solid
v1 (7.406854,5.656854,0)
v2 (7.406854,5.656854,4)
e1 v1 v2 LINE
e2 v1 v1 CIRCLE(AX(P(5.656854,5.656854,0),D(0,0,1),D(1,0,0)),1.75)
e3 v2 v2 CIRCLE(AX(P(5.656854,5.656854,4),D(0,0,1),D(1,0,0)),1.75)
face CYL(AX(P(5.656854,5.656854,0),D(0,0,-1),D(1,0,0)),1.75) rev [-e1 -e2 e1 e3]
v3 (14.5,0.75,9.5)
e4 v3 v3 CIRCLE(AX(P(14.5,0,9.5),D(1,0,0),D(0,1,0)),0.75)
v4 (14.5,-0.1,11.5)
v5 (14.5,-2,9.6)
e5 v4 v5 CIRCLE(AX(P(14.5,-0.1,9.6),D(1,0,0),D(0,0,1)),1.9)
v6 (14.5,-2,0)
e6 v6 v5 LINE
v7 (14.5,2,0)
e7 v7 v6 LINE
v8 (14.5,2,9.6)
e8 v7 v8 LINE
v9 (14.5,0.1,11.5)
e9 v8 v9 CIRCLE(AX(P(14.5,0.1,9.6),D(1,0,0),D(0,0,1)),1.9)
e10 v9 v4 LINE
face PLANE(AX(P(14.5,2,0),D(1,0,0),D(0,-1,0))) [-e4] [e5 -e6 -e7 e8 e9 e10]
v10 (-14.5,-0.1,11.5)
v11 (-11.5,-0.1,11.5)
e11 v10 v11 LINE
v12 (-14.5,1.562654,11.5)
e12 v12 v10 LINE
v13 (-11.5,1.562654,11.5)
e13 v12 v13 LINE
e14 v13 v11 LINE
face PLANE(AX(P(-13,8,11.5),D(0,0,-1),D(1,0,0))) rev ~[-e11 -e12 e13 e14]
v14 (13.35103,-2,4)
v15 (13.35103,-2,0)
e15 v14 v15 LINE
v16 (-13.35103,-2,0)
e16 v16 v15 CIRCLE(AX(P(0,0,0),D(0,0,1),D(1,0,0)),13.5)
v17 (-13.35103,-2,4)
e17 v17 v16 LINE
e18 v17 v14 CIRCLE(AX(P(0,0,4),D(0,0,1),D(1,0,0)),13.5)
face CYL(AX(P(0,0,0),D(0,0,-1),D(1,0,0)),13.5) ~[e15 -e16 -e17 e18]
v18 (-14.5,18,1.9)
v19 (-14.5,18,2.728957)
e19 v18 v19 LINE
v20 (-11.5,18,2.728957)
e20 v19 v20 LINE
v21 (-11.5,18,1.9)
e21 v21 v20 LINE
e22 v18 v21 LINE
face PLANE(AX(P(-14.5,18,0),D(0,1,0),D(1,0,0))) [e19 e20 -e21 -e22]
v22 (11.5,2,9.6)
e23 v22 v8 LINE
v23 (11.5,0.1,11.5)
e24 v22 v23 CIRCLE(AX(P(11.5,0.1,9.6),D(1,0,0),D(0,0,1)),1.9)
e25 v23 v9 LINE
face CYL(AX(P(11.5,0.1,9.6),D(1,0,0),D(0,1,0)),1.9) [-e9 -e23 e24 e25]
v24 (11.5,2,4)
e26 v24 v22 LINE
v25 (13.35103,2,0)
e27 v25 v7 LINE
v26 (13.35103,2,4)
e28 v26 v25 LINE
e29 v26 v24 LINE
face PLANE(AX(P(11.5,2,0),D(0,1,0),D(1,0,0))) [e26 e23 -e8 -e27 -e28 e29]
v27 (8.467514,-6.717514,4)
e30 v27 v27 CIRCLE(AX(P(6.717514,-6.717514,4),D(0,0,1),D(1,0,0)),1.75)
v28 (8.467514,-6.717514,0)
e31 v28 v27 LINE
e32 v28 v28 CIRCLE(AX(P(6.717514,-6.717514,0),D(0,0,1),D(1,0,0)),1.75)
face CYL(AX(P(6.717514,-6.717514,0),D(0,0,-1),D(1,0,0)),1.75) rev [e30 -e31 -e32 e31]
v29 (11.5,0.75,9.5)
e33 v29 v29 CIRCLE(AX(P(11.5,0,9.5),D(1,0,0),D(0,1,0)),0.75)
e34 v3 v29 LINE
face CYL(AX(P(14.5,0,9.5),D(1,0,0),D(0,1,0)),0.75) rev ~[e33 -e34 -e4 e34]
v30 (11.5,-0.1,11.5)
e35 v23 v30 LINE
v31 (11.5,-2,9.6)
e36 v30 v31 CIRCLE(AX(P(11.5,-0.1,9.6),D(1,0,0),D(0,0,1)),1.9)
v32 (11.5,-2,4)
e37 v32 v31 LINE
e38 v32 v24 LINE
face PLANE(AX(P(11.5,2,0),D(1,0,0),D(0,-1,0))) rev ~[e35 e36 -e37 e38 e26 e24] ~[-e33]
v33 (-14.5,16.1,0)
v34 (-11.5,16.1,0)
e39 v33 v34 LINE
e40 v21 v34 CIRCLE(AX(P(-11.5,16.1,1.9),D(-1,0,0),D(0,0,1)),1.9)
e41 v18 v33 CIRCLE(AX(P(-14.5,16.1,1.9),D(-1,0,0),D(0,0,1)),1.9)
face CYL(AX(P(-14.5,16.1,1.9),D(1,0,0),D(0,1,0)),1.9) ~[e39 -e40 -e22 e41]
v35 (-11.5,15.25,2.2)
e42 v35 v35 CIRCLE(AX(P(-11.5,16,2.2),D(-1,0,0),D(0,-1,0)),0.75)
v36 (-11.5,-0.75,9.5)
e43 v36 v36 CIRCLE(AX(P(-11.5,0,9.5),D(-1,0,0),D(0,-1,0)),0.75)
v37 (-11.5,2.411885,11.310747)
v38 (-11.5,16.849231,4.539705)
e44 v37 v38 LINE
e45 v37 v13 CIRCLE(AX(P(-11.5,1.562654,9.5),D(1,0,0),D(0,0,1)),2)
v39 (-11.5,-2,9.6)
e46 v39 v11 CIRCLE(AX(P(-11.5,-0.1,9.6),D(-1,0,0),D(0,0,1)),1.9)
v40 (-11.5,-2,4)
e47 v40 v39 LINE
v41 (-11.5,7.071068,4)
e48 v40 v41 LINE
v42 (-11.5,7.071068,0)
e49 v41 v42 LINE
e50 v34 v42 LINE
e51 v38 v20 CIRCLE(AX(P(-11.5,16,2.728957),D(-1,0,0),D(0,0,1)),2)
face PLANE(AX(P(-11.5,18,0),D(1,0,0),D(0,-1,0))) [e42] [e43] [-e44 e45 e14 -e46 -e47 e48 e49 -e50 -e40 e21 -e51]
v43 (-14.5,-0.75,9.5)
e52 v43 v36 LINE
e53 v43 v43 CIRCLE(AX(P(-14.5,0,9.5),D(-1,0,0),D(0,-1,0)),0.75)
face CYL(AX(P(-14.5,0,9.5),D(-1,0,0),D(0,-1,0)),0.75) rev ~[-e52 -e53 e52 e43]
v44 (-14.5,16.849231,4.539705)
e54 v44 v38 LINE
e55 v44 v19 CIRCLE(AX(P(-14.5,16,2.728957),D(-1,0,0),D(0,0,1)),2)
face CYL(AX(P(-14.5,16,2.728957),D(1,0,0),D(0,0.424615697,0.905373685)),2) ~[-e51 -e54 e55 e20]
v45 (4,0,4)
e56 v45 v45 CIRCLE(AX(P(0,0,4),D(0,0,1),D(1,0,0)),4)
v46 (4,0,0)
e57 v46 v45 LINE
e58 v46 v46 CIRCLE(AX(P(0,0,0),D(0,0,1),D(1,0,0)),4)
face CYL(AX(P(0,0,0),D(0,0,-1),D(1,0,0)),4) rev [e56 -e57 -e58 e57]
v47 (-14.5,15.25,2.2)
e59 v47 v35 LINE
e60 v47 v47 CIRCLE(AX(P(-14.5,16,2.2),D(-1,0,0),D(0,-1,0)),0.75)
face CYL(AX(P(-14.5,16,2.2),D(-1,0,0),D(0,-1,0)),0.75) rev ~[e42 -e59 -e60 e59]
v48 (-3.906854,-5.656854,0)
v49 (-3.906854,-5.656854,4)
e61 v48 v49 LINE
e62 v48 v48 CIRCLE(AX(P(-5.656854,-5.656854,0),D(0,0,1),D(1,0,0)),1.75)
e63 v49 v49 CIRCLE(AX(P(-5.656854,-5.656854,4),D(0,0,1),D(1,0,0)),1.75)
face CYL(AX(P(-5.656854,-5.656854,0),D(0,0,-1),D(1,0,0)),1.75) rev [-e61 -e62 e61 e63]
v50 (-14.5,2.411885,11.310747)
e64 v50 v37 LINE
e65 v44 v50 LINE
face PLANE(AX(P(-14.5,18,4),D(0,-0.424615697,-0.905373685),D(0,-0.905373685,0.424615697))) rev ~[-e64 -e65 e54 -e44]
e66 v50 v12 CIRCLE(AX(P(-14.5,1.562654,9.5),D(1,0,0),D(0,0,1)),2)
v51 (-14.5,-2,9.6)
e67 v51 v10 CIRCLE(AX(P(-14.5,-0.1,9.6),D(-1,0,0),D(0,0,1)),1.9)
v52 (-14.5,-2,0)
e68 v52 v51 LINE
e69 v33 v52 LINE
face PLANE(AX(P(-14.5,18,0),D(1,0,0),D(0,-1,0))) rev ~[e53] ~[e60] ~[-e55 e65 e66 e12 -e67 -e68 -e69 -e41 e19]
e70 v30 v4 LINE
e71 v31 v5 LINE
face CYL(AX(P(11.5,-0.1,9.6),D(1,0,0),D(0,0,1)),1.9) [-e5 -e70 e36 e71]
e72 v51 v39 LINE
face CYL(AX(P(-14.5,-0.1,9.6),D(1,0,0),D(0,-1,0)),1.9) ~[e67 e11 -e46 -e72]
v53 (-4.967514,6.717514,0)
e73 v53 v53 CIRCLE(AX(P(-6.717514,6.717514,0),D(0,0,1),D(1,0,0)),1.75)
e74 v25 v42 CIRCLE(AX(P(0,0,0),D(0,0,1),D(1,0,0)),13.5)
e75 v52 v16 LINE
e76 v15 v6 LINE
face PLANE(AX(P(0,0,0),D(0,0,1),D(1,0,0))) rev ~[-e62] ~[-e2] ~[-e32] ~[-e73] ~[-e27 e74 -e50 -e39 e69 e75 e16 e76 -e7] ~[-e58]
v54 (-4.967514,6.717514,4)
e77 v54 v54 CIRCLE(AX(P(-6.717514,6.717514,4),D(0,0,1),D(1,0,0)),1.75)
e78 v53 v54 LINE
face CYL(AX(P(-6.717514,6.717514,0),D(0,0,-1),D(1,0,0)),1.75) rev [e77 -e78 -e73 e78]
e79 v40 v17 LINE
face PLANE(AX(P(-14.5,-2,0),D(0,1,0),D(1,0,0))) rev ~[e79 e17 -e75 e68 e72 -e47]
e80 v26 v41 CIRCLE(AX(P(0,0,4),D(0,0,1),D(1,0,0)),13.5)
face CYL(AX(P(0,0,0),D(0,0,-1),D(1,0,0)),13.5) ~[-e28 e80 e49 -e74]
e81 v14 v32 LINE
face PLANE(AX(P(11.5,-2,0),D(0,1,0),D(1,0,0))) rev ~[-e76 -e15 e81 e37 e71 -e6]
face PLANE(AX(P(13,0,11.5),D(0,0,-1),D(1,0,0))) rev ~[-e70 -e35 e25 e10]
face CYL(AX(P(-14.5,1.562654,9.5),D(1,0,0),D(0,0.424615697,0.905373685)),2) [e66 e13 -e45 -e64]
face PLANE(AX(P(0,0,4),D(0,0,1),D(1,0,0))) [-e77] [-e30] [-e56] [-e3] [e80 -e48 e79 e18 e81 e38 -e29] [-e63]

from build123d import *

# Parameters (mm, degrees)
SKETCH_R        = 13.5
SKETCH_R_2      = 1.75
SKETCH_R_3      = 4
PAD_DEPTH       = 4
SKETCH001_W     = 3
SKETCH001_H     = 4
SKETCH001_H_2   = 20
PAD001_DEPTH    = 11.5
FILLET_R        = 1.9
FILLET001_R     = 1.9
FILLET002_R     = 1.9
POCKET_DEPTH    = 5
FILLET003_R     = 2
FILLET004_R     = 1.9
FILLET005_R     = 2
SKETCH003_R     = 0.75
POCKET001_DEPTH = 5
SKETCH004_R     = 0.75
POCKET002_DEPTH = 5


with BuildPart() as part:
    # Sketch → Pad (new body)
    with BuildSketch(Plane.XY):
        Circle(SKETCH_R)
        with Locations((-5.656854, -5.656854)):
            Circle(SKETCH_R_2, mode=Mode.SUBTRACT)
        with Locations((5.656854, 5.656854)):
            Circle(SKETCH_R_2, mode=Mode.SUBTRACT)
        with Locations((-6.717514, 6.717514)):
            Circle(SKETCH_R_2, mode=Mode.SUBTRACT)
        with Locations((6.717514, -6.717514)):
            Circle(SKETCH_R_2, mode=Mode.SUBTRACT)
        Circle(SKETCH_R_3, mode=Mode.SUBTRACT)
    extrude(amount=PAD_DEPTH)

    # Sketch001 (on Face7 of Pad) → Pad001 (join)
    with BuildSketch(Plane(origin=(0, 0, 0), x_dir=(1, 0, 0), z_dir=(0, 0, -1))):
        with Locations((13, 0)):
            Rectangle(SKETCH001_W, SKETCH001_H)
        with Locations((-13, -8)):
            Rectangle(SKETCH001_W, SKETCH001_H_2)
    extrude(amount=-PAD001_DEPTH)

    # Fillet
    fillet_edges = [part.edges().sort_by_distance(p)[0] for p in [
        (13, 2, 11.5),
    ]]
    fillet(fillet_edges, radius=FILLET_R)

    # Fillet001
    fillet001_edges = [part.edges().sort_by_distance(p)[0] for p in [
        (13, -2, 11.5),
    ]]
    fillet(fillet001_edges, radius=FILLET001_R)

    # Fillet002
    fillet002_edges = [part.edges().sort_by_distance(p)[0] for p in [
        (-13, -2, 11.5),
    ]]
    fillet(fillet002_edges, radius=FILLET002_R)

    # Sketch002 (on Face5 of Fillet002) → Pocket (cut)
    with BuildSketch(Plane(origin=(-14.5, 0, 0), x_dir=(0, -1, 0), z_dir=(-1, 0, 0))):
        Polygon((-18, 11.5), (-18, 4), (-2.008357, 11.5), align=None)
    extrude(amount=-POCKET_DEPTH, mode=Mode.SUBTRACT)

    # Fillet003
    fillet003_edges = [part.edges().sort_by_distance(p)[0] for p in [
        (-13, 18, 4),
    ]]
    fillet(fillet003_edges, radius=FILLET003_R)

    # Fillet004
    fillet004_edges = [part.edges().sort_by_distance(p)[0] for p in [
        (-13, 18, 0),
    ]]
    fillet(fillet004_edges, radius=FILLET004_R)

    # Fillet005
    fillet005_edges = [part.edges().sort_by_distance(p)[0] for p in [
        (-13, 2.008357, 11.5),
    ]]
    fillet(fillet005_edges, radius=FILLET005_R)

    # Sketch003 (on Face13 of Fillet005) → Pocket001 (cut)
    with BuildSketch(Plane(origin=(-14.5, 0, 0), x_dir=(0, -1, 0), z_dir=(-1, 0, 0))):
        with Locations((-16, 2.2)):
            Circle(SKETCH003_R)
        with Locations((0, 9.5)):
            Circle(SKETCH003_R)
    extrude(amount=-POCKET001_DEPTH, mode=Mode.SUBTRACT)

    # Sketch004 (on Face28 of Pocket001) → Pocket002 (cut)
    with BuildSketch(Plane.YZ.offset(14.5)):
        with Locations((0, 9.5)):
            Circle(SKETCH004_R)
    extrude(amount=-POCKET002_DEPTH, mode=Mode.SUBTRACT)


solid = part.part
